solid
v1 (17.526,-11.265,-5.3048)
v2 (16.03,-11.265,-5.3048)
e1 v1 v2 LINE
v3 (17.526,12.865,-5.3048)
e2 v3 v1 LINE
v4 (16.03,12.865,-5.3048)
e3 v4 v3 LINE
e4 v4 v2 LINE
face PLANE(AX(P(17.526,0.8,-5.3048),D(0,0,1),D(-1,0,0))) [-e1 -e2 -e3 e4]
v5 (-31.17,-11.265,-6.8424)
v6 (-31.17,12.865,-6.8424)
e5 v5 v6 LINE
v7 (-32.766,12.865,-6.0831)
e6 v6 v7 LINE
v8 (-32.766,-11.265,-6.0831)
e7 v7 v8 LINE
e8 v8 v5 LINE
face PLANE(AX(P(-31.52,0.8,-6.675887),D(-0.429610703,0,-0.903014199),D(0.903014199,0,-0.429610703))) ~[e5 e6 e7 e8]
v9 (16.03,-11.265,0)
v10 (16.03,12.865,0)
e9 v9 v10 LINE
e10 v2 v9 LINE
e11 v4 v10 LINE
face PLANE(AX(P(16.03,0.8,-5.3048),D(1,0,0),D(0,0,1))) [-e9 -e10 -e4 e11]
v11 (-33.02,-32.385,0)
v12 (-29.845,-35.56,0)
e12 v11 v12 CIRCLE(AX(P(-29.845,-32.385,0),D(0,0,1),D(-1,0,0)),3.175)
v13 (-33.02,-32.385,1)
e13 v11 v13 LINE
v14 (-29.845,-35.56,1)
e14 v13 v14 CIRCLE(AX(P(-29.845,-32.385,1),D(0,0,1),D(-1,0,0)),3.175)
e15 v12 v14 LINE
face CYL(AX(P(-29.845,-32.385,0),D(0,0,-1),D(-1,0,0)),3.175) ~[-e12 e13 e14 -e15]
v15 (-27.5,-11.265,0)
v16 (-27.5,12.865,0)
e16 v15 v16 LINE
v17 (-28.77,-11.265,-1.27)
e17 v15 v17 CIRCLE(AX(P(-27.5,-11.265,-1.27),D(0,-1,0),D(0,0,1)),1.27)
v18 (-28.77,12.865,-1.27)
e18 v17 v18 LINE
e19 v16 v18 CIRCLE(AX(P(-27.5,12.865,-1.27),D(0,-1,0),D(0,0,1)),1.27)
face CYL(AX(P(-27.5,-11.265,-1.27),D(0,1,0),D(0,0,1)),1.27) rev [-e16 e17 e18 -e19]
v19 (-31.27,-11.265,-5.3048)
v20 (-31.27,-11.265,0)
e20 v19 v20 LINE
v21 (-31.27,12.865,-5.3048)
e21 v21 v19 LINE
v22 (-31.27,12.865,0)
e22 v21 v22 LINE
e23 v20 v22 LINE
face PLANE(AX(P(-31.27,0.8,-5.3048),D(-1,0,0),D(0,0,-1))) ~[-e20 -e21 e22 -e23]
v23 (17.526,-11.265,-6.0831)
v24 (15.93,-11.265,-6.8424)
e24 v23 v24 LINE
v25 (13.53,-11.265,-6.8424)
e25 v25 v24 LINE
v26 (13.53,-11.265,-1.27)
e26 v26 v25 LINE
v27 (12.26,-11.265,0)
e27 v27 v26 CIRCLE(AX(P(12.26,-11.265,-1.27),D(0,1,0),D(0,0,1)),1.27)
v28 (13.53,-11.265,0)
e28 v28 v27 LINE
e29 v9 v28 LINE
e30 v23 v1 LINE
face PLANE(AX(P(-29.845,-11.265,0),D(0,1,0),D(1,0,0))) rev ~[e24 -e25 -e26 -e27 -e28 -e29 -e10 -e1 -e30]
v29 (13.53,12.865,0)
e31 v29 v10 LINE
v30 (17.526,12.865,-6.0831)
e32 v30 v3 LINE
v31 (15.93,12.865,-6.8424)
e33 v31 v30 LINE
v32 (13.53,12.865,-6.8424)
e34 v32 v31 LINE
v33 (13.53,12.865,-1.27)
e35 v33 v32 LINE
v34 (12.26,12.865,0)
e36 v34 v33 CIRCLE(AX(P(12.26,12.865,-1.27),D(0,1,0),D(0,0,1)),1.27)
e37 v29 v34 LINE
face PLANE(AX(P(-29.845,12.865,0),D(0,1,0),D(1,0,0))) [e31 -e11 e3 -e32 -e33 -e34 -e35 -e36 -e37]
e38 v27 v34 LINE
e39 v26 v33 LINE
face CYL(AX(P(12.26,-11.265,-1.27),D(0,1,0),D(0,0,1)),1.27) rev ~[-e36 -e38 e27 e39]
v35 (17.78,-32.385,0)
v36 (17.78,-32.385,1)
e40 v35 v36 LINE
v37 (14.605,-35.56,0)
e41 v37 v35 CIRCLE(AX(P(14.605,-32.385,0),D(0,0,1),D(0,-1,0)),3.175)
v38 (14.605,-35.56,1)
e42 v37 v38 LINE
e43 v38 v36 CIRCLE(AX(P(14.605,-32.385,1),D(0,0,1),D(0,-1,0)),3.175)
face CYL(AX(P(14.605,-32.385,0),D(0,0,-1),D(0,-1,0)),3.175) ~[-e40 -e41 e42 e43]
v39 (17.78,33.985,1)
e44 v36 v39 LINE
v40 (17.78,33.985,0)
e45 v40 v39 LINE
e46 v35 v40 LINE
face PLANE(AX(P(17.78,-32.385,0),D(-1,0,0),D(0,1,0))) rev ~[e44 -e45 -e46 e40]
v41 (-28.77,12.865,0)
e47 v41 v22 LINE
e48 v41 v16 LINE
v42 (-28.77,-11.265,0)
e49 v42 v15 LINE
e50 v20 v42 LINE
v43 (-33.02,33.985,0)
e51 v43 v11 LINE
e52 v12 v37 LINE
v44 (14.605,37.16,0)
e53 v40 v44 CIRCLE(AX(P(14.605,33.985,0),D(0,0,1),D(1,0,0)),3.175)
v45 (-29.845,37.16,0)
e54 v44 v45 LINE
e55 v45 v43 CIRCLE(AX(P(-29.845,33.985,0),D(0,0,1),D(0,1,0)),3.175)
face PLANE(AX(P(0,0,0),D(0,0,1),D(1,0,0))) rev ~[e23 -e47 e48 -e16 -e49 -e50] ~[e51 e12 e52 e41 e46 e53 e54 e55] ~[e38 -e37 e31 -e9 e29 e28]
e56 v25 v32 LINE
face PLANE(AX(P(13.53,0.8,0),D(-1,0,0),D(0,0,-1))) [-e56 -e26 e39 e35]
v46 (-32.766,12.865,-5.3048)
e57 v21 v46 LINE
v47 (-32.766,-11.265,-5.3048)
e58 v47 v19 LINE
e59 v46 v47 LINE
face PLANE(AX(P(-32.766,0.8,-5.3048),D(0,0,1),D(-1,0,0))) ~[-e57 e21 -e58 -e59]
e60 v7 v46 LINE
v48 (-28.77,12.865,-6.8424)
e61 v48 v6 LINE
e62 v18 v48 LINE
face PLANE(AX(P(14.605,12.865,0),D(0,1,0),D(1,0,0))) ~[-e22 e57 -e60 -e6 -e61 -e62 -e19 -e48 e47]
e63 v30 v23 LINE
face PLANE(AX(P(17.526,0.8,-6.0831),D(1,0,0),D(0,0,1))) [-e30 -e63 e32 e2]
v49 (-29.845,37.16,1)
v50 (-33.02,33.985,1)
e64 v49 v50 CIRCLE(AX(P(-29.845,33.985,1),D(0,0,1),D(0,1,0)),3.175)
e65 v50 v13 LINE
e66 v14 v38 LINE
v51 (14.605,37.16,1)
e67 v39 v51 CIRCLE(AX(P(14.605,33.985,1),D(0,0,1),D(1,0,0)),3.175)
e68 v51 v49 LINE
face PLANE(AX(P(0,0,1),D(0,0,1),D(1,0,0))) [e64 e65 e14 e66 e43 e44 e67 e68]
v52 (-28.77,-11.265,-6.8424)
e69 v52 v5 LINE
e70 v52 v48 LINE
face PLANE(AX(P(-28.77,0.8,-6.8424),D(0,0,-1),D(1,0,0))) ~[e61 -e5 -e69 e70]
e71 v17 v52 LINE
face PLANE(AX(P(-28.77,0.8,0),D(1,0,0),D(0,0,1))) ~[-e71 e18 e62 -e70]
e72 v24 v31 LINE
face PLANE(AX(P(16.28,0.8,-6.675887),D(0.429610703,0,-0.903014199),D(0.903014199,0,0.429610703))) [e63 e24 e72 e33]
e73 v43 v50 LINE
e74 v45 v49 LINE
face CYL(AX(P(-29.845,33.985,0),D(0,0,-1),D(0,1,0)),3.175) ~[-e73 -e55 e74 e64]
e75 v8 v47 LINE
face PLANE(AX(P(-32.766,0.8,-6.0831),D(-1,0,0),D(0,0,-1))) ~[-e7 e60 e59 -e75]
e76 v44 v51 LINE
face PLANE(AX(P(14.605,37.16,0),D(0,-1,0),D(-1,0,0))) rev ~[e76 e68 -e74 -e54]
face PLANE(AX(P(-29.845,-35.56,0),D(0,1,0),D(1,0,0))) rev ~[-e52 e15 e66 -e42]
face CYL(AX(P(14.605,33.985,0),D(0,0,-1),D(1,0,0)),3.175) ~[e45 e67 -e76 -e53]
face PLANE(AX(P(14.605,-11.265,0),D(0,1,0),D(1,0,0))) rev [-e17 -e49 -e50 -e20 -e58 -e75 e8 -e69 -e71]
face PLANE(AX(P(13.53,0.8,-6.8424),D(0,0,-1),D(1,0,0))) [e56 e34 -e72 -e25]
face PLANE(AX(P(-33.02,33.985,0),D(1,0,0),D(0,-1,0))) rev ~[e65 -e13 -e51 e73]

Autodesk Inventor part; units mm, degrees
ref_plane "YZ Plane" through (0, 0, 0) normal (1, 0, 0) x (0, 1, 0)
ref_plane "XZ Plane" through (0, 0, 0) normal (0, 1, 0) x (-1, 0, 0)
ref_plane "XY Plane" through (0, 0, 0) normal (0, 0, 1) x (1, 0, 0)
ref_plane "Work Plane1" through (0, 0, 0) normal (0, 0, 1) x (1, 0, 0)
sketch "Sketch1" plane through (0, 0, 0) normal (0, 0, 1) x (1, 0, 0)
  arc A0 (14.605, -35.56) -> (17.78, -32.385) centre (14.605, -32.385) ccw projected
  line L0 (17.78, -32.385) -> (17.78, 33.985) projected
  arc A1 (17.78, 33.985) -> (14.605, 37.16) centre (14.605, 33.985) ccw projected
  line L1 (14.605, 37.16) -> (-29.845, 37.16) projected
  arc A2 (-29.845, 37.16) -> (-33.02, 33.985) centre (-29.845, 33.985) ccw projected
  line L2 (-33.02, 33.985) -> (-33.02, -32.385) projected
  arc A3 (-33.02, -32.385) -> (-29.845, -35.56) centre (-29.845, -32.385) ccw projected
  line L3 (-29.845, -35.56) -> (14.605, -35.56) projected
  line L4 (13.105, -34.06) -> (-28.345, -34.06) projected
  arc A4 (-31.52, -30.885) -> (-28.345, -34.06) centre (-28.345, -30.885) ccw projected
  line L5 (-31.52, -30.885) -> (-31.52, 30.885) projected
  arc A5 (-28.345, 34.06) -> (-31.52, 30.885) centre (-28.345, 30.885) ccw projected
  line L6 (-28.345, 34.06) -> (13.105, 34.06) projected
  arc A6 (16.28, 30.885) -> (13.105, 34.06) centre (13.105, 30.885) ccw projected
  line L7 (16.28, 30.885) -> (16.28, -30.885) projected
  arc A7 (13.105, -34.06) -> (16.28, -30.885) centre (13.105, -30.885) ccw projected
  point P0 (0, 0)
extrude "Extrusion1" add sketch "Sketch1" along normal blind 1 contours L3 A3 L2 A2 L1 A1 L0 A0 | L4 A4 L5 A5 L6 A6 L7 A7
ref_plane "Work Plane2" through (-29.845, 0.8, 0) normal (0, 1, 0) x (1, 0, 0)
sketch "Sketch3" plane through (-29.845, 0.8, 0) normal (0, 1, 0) x (1, 0, 0)
  line L0 (46.125, 31.5) -> (46.125, 0) projected
  line L1 (47.625, 5) -> (47.625, 7) projected
  line L2 (46.125, 5) -> (47.625, 5) projected
  line L3 (46.125, 7) -> (46.125, 5) projected
  line L4 (46.125, 7) -> (47.625, 7) projected
  line L5 (43.375, 0) -> (43.375, 6.8424)
  line L6 (43.375, 6.8424) -> (45.775, 6.8424)
  line L7 (45.775, 6.8424) -> (47.371, 6.0831)
  line L8 (47.371, 6.0831) -> (47.371, 5.3048)
  line L9 (47.371, 5.3048) -> (45.875, 5.3048)
  line L10 (45.875, 5.3048) -> (45.875, 0)
  line L11 (44.45, 0) -> (0, 0) projected
  line L12 (43.375, 0) -> (45.875, 0)
  point P0 (29.845, 0)
  dimension "d17" = 2.5
  dimension "d18" = 0.25
  dimension "d19" = 0.254
  dimension "d20" = 0.3048
  dimension "d21" = 0.1576
  dimension "d23" = 1.496
  dimension "d25" = 115.445
  dimension "d26" = 0.7783
extrude "Extrusion3" add sketch "Sketch3" along normal mid plane 24.13 contours L7 L8 L9 L0 | L0 L9 L10 L12 L11 L5 L6 L7
ref_plane "Work Plane3" through (-7.62, -32.385, 0) normal (-1, 0, 0) x (0, 0, 1)
mirror "Mirror1" about plane through (-7.62, -32.385, 0) normal (-1, 0, 0) of "Extrusion3"
fillet "Fillet1" radius 1.27 1 edges at (13.53, 0.8, 0)
fillet "Fillet2" radius 1.27 1 edges at (-28.77, 0.8, 0)
properties part number "lidV2"
